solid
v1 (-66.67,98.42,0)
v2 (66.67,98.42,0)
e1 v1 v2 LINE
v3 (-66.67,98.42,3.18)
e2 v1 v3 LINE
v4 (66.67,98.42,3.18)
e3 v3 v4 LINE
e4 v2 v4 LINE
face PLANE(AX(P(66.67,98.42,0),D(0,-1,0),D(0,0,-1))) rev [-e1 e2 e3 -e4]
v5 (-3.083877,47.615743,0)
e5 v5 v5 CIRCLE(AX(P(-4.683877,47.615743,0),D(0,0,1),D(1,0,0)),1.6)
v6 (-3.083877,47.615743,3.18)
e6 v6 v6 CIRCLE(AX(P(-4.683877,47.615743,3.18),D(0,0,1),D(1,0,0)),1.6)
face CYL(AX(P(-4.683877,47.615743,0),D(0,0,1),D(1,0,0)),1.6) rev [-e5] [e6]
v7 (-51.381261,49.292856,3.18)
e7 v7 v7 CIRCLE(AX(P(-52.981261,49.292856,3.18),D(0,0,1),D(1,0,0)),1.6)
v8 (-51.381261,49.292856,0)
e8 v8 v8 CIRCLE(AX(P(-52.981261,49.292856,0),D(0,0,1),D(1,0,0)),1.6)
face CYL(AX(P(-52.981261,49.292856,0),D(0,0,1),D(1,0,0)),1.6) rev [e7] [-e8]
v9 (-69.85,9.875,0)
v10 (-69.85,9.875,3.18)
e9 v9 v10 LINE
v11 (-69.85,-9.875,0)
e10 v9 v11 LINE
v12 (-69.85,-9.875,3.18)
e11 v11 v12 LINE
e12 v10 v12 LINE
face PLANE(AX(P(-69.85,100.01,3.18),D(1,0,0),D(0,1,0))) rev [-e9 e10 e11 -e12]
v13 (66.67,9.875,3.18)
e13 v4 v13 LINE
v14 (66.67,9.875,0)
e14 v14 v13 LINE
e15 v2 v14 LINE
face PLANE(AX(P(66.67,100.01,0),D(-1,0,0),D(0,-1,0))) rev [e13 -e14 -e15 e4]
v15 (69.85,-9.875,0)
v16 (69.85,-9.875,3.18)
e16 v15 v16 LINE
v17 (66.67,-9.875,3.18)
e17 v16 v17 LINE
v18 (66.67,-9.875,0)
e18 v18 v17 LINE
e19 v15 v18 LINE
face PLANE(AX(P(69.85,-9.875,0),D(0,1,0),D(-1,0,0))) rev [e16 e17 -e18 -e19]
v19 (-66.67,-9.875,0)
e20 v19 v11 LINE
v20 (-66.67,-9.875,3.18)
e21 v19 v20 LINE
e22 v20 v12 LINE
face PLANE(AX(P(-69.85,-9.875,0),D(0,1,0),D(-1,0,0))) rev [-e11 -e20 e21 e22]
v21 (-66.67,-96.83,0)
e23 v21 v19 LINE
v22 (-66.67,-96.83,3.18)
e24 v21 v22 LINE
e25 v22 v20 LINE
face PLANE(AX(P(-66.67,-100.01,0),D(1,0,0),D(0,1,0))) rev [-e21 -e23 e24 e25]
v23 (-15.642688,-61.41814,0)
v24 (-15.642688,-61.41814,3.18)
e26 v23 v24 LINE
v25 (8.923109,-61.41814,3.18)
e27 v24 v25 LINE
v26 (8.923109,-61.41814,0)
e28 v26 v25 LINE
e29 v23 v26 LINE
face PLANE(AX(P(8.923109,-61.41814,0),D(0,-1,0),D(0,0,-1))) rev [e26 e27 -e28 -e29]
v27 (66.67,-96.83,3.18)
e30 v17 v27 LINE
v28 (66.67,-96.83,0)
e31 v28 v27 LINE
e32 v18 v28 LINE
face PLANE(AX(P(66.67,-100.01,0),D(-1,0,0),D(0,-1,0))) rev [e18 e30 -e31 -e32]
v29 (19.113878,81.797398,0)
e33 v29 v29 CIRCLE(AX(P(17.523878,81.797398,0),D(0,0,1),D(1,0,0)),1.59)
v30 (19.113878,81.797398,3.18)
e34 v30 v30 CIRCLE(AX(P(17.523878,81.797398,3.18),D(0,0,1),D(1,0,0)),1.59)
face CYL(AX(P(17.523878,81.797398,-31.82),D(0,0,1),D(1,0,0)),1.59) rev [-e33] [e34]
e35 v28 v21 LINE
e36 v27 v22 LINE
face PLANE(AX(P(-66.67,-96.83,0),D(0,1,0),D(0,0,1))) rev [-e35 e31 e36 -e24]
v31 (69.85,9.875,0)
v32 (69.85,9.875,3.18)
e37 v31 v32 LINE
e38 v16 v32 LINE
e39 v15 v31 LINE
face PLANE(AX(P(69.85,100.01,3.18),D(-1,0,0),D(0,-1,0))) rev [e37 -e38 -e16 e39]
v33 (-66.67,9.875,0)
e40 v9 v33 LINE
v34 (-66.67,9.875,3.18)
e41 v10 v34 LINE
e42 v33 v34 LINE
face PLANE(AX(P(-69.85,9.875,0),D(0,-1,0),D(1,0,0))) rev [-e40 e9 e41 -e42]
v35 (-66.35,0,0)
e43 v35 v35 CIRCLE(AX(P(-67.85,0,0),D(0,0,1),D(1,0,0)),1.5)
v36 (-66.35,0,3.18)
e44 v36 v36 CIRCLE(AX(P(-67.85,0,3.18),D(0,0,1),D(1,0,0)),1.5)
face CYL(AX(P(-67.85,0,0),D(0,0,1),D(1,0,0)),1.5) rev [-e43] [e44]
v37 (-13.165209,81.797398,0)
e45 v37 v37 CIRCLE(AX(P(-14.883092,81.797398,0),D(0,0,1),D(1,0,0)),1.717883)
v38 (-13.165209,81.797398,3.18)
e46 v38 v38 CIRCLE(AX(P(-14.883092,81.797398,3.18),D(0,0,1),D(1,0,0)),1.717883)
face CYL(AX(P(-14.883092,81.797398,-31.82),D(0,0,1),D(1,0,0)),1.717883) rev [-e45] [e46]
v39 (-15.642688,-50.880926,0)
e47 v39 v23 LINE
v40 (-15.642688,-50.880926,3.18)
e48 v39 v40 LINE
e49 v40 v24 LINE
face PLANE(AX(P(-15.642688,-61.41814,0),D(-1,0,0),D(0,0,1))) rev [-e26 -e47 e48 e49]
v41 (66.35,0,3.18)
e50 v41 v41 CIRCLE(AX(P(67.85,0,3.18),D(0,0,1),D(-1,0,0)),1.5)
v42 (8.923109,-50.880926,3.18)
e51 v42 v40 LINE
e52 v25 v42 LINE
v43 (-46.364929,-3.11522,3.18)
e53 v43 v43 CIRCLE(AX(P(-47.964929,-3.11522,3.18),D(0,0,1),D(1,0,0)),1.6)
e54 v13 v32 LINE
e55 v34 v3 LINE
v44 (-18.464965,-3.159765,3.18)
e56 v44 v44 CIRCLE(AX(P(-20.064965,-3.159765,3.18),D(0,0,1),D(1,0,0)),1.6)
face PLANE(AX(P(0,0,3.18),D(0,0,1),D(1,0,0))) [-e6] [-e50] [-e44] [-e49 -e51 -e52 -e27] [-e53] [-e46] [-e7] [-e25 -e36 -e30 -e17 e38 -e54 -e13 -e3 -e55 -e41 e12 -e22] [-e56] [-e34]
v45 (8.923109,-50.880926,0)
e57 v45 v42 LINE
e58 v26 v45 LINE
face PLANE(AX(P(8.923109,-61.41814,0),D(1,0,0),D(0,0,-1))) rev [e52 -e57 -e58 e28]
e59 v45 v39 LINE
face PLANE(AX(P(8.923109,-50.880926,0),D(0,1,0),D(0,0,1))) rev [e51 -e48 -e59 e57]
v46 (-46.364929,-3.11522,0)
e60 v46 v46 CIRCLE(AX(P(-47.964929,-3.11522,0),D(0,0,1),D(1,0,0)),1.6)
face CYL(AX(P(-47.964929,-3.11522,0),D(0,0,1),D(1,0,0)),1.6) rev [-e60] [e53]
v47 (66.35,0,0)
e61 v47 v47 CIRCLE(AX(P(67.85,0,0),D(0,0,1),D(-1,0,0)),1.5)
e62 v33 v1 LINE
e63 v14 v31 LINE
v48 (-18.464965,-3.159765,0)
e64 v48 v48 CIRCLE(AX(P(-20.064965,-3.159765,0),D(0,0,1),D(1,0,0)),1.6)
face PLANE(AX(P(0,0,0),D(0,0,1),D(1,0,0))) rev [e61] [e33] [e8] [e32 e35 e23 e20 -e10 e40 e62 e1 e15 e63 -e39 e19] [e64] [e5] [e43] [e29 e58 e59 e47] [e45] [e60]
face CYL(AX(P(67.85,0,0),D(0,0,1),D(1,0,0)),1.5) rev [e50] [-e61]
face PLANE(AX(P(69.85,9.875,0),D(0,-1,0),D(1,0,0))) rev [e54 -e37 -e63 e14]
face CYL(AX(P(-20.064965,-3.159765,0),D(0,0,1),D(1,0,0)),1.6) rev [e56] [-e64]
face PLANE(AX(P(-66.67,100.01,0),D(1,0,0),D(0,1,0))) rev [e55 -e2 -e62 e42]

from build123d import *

# Parameters (mm, degrees)
SKETCH1_W           = 139.7
SKETCH1_H           = 200.02
BOSS_EXTRUDE1_DEPTH = 3.18
SKETCH2_R           = 1.5
SKETCH2_W           = 3.18
SKETCH2_H           = 90.135
CUT_EXTRUDE1_DEPTH  = 4.18
SKETCH5_W           = 88.895716174
SKETCH5_H           = 168.56277979
BOSS_EXTRUDE2_DEPTH = 3.18
SKETCH6_W           = 20
SKETCH6_H           = 200.02
BOSS_EXTRUDE3_DEPTH = 3.18
SKETCH7_W           = 56.795
SKETCH7_H           = 3.18
CUT_EXTRUDE4_DEPTH  = 4.18
SKETCH8_W           = 133.34
SKETCH8_H           = 1.59
CUT_EXTRUDE5_DEPTH  = 4.18
SKETCH9_R           = 1.6
CUT_EXTRUDE6_DEPTH  = 4.18
SKETCH10_W          = 24.565797096
SKETCH10_H          = 10.537213664
CUT_EXTRUDE7_DEPTH  = 3.18
SKETCH11_R          = 1.59
SKETCH11_R_2        = 1.71788268
CUT_EXTRUDE8_DEPTH  = 35
SKETCH12_W          = 3.18
SKETCH12_H          = 3.18
CUT_EXTRUDE9_DEPTH  = 80.725


with BuildPart() as part:
    # Sketch1 → Boss-Extrude1 (new body)
    with BuildSketch(Plane.XY):
        Rectangle(SKETCH1_W, SKETCH1_H)
    extrude(amount=BOSS_EXTRUDE1_DEPTH)

    # Sketch2 → Cut-Extrude1 (cut, through all)
    with BuildSketch(Plane.XY.offset(3.18)):
        with Locations((-67.85, 0)):
            Circle(SKETCH2_R)
        with Locations((67.85, 0)):
            Circle(SKETCH2_R)
        Polygon((-10, 100.01), (10, 100.01), (10, 96.83), (1.5, 96.83), (1.5, 92.83), (3.5, 92.83), (3.5, 89.83), (1.5, 89.83), (1.5, 86.83), (-1.5, 86.83), (-1.5, 89.83), (-3.5, 89.83), (-3.5, 92.83), (-1.5, 92.83), (-1.5, 96.83), (-10, 96.83), align=None)
        Polygon((-10, -100.01), (-10, -96.83), (-1.5, -96.83), (-1.5, -92.83), (-3.5, -92.83), (-3.5, -89.83), (-1.5, -89.83), (-1.5, -86.83), (1.5, -86.83), (1.5, -89.83), (3.5, -89.83), (3.5, -92.83), (1.5, -92.83), (1.5, -96.83), (10, -96.83), (10, -100.01), align=None)
        with Locations((-68.26, 54.9425)):
            Rectangle(SKETCH2_W, SKETCH2_H)
        with Locations((-68.26, -54.9425)):
            Rectangle(SKETCH2_W, SKETCH2_H)
        with Locations((68.26, -54.9425)):
            Rectangle(SKETCH2_W, SKETCH2_H)
        with Locations((68.26, 54.9425)):
            Rectangle(SKETCH2_W, SKETCH2_H)
    extrude(amount=-CUT_EXTRUDE1_DEPTH, mode=Mode.SUBTRACT)

    # Sketch5 → Boss-Extrude2 (add)
    with BuildSketch(Plane.XY.offset(3.18)):
        Rectangle(SKETCH5_W, SKETCH5_H)
    extrude(amount=-BOSS_EXTRUDE2_DEPTH)

    # Sketch6 → Boss-Extrude3 (add)
    with BuildSketch(Plane.XY.offset(3.18)):
        Rectangle(SKETCH6_W, SKETCH6_H)
    extrude(amount=-BOSS_EXTRUDE3_DEPTH)

    # Sketch7 → Cut-Extrude4 (cut, through all)
    with BuildSketch(Plane.XY.offset(3.18)):
        with Locations((-38.2725, -98.42)):
            Rectangle(SKETCH7_W, SKETCH7_H)
        with Locations((38.2725, -98.42)):
            Rectangle(SKETCH7_W, SKETCH7_H)
    extrude(amount=-CUT_EXTRUDE4_DEPTH, mode=Mode.SUBTRACT)

    # Sketch8 → Cut-Extrude5 (cut, through all)
    with BuildSketch(Plane.XY.offset(3.18)):
        with Locations((0, 99.215)):
            Rectangle(SKETCH8_W, SKETCH8_H)
    extrude(amount=-CUT_EXTRUDE5_DEPTH, mode=Mode.SUBTRACT)

    # Sketch9 → Cut-Extrude6 (cut, through all)
    with BuildSketch(Plane.XY.offset(3.18)):
        with Locations((-52.981261278, 49.292856132)):
            Circle(SKETCH9_R)
        with Locations((-4.68387739, 47.615742656)):
            Circle(SKETCH9_R)
        with Locations((-20.064964891, -3.1597647)):
            Circle(SKETCH9_R)
        with Locations((-47.964929331, -3.115219713)):
            Circle(SKETCH9_R)
    extrude(amount=-CUT_EXTRUDE6_DEPTH, mode=Mode.SUBTRACT)

    # Sketch10 → Cut-Extrude7 (cut)
    with BuildSketch(Plane.XY.offset(3.18)):
        with Locations((-3.359789788, -56.149532718)):
            Rectangle(SKETCH10_W, SKETCH10_H)
    extrude(amount=-CUT_EXTRUDE7_DEPTH, mode=Mode.SUBTRACT)

    # Sketch11 → Cut-Extrude8 (cut)
    with BuildSketch(Plane.XY.offset(3.18)):
        with Locations((17.523878239, 81.797398404)):
            Circle(SKETCH11_R)
        with Locations((-14.883091948, 81.797398404)):
            Circle(SKETCH11_R_2)
    extrude(amount=-CUT_EXTRUDE8_DEPTH, mode=Mode.SUBTRACT)

    # Sketch12 → Cut-Extrude9 (cut, through all)
    with BuildSketch(Plane.ZY.offset(9.875)):
        with Locations((1.59, -98.42)):
            Rectangle(SKETCH12_W, SKETCH12_H)
    extrude(amount=-CUT_EXTRUDE9_DEPTH, mode=Mode.SUBTRACT)


solid = part.part
